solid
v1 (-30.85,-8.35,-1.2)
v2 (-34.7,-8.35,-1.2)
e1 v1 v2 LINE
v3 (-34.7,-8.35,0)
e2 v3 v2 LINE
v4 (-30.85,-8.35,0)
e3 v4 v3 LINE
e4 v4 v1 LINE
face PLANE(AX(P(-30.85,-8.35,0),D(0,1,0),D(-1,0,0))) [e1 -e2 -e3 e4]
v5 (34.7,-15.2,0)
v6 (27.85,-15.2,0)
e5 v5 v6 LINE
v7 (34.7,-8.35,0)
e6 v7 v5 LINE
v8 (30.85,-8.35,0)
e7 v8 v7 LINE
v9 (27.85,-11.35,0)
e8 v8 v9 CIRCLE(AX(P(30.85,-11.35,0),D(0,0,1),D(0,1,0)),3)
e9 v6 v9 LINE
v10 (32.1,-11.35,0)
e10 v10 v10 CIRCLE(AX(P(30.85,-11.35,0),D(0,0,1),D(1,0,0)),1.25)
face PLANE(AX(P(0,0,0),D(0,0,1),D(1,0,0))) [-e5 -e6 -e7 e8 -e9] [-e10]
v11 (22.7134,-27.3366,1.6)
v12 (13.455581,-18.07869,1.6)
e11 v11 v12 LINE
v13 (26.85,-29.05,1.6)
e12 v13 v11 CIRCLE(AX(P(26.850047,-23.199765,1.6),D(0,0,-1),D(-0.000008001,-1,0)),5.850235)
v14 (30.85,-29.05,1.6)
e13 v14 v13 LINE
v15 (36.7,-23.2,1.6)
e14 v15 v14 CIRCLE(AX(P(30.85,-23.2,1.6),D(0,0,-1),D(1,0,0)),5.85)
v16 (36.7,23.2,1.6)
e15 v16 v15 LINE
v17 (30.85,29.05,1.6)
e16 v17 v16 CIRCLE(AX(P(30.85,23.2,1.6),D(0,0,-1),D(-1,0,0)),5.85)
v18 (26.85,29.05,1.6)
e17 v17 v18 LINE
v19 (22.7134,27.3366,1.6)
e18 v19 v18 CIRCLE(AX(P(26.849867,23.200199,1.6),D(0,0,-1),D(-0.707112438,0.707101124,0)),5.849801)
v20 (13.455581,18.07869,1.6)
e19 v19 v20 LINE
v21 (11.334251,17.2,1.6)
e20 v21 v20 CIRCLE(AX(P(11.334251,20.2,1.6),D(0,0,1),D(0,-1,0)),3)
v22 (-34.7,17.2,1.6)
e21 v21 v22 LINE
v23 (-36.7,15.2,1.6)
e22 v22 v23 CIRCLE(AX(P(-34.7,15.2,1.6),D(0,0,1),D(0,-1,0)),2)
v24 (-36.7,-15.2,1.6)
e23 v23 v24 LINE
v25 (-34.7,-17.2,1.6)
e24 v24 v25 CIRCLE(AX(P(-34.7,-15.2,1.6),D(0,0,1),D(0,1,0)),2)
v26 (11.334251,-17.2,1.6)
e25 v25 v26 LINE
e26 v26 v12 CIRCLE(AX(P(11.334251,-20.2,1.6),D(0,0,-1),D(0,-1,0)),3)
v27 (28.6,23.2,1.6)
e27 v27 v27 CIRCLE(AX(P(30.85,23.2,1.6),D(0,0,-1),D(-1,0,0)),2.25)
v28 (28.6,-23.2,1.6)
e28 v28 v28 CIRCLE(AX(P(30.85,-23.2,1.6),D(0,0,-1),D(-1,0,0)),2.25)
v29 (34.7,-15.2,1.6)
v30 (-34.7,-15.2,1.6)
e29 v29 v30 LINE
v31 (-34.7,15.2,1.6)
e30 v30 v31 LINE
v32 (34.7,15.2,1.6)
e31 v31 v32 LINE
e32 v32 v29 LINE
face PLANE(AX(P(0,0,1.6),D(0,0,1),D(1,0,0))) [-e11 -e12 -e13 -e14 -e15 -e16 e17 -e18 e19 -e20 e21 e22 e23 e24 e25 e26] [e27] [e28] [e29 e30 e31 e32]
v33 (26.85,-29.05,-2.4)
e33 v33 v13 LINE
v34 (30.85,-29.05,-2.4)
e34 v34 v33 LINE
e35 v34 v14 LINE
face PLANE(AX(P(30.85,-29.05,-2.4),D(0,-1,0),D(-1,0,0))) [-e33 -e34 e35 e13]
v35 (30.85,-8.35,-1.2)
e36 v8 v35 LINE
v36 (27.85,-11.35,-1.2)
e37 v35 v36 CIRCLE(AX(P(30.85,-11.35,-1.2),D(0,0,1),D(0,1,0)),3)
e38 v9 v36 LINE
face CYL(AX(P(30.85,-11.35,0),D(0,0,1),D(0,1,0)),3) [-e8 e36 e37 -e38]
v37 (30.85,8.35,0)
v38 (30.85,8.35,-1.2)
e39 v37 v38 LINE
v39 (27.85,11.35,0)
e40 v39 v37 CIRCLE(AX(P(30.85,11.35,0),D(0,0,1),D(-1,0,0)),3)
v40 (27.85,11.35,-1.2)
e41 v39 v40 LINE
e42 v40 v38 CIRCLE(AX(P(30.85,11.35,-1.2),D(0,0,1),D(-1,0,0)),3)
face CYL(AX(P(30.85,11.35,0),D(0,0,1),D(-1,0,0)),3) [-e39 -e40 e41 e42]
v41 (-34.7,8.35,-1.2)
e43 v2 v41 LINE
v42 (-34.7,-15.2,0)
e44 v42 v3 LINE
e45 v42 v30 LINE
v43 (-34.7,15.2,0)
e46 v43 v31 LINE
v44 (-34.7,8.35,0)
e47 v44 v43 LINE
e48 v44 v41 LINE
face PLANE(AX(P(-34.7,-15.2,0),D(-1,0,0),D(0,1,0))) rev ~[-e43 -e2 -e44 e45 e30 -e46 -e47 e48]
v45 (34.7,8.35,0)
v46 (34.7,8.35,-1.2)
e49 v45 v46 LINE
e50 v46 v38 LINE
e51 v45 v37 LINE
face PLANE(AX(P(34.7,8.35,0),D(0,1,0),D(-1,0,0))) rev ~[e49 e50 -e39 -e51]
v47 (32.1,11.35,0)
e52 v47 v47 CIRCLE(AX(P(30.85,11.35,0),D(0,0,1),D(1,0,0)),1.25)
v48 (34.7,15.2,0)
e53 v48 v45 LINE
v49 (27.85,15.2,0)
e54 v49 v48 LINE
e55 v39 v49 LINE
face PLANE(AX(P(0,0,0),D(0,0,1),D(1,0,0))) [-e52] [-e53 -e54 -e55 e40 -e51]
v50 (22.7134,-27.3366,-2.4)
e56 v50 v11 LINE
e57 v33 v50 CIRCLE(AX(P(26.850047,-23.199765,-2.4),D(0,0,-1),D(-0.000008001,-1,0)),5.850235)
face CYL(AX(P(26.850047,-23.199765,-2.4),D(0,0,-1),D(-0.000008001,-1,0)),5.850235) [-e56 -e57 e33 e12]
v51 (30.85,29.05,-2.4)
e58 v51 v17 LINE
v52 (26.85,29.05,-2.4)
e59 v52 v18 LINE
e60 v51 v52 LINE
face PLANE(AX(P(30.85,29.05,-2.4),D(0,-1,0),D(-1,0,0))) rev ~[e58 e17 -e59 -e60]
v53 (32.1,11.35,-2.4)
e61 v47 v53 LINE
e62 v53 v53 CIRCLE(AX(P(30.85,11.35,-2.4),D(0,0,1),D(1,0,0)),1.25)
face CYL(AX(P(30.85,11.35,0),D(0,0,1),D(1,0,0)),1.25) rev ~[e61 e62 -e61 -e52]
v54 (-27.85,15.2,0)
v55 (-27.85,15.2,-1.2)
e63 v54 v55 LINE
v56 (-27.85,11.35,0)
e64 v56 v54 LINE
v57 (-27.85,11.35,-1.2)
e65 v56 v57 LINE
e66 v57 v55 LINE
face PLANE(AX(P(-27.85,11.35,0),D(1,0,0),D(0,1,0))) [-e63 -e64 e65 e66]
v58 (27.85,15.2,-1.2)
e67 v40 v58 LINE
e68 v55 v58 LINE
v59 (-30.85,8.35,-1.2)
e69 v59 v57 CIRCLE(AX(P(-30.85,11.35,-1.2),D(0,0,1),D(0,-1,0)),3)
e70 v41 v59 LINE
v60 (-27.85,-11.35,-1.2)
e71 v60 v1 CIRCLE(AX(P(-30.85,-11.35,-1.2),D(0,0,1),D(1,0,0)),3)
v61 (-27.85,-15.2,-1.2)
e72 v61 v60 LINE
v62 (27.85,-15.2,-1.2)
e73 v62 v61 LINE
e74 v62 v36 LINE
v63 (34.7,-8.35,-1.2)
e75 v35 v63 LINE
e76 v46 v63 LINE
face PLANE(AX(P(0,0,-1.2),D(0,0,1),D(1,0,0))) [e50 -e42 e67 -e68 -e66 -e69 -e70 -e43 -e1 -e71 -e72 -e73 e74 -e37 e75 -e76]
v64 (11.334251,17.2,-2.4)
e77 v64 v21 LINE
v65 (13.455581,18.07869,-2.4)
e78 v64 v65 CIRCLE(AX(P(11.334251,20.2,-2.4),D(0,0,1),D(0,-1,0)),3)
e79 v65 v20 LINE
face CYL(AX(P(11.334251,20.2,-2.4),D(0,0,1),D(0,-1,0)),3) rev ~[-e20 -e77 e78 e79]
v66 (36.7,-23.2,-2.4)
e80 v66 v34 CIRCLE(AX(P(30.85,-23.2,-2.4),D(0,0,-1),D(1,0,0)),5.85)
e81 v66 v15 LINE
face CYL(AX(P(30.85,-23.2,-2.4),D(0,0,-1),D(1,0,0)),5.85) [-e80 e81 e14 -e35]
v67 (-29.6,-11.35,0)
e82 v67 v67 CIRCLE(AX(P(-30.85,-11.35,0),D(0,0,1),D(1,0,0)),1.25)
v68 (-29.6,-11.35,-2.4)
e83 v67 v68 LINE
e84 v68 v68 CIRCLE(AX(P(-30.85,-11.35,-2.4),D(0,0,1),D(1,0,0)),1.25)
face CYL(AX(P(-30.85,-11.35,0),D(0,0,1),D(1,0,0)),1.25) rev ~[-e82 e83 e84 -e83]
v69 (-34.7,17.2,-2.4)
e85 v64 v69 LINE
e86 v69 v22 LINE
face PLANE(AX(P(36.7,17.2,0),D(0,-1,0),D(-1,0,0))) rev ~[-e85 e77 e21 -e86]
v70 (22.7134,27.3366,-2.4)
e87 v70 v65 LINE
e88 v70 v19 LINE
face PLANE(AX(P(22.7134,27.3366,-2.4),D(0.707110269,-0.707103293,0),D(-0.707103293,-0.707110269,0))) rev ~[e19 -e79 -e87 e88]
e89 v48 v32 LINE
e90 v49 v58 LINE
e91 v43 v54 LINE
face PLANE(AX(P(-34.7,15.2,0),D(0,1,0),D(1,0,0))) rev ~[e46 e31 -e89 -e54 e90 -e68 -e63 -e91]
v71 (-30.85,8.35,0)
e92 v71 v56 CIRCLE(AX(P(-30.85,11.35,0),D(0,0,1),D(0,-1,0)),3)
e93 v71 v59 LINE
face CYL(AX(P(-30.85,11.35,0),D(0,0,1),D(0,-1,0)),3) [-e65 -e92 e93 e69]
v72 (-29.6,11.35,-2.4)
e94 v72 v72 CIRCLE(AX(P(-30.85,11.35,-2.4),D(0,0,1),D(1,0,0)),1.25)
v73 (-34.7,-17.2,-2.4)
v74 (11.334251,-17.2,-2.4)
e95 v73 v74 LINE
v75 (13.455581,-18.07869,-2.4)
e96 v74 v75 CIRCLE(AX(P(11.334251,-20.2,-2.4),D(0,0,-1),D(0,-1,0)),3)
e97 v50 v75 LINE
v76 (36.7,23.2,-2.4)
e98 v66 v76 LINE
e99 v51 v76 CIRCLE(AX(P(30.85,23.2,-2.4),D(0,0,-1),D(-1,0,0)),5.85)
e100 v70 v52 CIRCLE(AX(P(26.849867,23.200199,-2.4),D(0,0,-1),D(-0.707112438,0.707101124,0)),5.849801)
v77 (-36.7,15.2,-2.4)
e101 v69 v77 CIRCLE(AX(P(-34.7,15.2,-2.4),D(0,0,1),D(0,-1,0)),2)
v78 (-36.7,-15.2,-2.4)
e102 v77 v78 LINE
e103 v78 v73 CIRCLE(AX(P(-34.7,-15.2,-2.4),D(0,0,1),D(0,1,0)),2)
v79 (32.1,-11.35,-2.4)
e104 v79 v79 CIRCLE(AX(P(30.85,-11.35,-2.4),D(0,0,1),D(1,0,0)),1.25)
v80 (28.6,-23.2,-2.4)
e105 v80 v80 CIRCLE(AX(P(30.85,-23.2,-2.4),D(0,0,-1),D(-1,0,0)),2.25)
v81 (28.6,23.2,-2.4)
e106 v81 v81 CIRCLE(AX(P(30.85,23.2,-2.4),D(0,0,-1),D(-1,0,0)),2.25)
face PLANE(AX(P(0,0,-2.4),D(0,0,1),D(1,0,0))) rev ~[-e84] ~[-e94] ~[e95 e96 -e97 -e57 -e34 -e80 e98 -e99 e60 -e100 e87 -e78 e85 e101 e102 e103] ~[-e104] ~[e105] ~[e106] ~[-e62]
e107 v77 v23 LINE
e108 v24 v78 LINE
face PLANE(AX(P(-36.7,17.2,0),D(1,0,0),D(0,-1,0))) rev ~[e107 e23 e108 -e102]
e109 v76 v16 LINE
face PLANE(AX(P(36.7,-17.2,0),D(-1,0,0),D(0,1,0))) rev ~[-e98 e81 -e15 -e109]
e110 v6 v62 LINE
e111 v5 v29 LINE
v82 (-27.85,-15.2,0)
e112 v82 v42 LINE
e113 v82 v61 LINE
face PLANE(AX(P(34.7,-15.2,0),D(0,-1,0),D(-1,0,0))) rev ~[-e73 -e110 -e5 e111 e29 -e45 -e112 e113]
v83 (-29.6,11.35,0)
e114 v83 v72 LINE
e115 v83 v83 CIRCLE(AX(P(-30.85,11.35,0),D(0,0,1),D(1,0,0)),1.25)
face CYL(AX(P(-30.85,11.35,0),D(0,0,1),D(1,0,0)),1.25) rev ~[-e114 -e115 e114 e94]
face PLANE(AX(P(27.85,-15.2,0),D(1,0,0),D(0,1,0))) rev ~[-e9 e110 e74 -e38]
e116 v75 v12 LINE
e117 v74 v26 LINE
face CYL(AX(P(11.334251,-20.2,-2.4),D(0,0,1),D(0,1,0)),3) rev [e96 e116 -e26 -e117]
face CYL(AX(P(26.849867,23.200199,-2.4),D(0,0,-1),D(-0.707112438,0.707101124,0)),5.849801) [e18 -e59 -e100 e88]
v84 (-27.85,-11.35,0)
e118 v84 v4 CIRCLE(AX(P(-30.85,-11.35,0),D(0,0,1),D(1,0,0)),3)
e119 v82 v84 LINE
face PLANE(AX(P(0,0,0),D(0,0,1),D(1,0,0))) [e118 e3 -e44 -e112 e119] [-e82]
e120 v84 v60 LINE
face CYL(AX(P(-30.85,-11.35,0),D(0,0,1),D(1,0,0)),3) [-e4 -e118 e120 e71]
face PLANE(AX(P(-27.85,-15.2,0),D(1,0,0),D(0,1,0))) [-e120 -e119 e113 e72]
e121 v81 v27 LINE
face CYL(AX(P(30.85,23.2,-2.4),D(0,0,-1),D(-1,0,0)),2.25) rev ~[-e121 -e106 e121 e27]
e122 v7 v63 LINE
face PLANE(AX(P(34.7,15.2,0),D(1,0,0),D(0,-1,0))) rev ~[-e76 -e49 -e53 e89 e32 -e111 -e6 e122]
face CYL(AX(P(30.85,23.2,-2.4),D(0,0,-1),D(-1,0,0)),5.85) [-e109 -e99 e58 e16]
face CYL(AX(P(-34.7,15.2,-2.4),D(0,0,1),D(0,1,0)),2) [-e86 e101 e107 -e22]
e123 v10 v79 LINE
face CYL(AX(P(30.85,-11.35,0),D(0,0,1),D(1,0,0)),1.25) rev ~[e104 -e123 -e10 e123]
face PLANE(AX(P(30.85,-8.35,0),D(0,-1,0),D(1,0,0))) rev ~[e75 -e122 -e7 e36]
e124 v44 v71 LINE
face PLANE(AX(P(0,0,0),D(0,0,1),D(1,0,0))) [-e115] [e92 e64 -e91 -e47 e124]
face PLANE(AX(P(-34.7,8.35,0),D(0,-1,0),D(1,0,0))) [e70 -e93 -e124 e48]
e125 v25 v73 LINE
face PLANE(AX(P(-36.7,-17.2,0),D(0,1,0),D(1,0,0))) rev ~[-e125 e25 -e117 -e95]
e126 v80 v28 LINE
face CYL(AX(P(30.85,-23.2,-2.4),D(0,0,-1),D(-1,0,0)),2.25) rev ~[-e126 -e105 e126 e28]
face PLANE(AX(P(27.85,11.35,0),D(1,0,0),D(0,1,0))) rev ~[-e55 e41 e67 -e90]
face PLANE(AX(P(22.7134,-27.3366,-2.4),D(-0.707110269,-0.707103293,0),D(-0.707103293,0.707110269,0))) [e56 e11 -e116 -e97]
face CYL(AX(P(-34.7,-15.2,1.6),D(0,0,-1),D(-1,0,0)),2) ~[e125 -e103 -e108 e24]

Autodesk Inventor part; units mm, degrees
ref_plane "YZ Plane" through (0, 0, 0) normal (1, 0, 0) x (0, 1, 0)
ref_plane "XZ Plane" through (0, 0, 0) normal (0, 1, 0) x (-1, 0, 0)
ref_plane "XY Plane" through (0, 0, 0) normal (0, 0, 1) x (1, 0, 0)
sketch "スケッチ1" plane through (0, 0, 0) normal (0, 0, 1) x (1, 0, 0)
  line L0 (-34.7, 15.2) -> (34.7, 15.2)
  line L1 (34.7, 15.2) -> (34.7, -15.2)
  line L2 (34.7, -15.2) -> (-34.7, -15.2)
  line L3 (-34.7, -15.2) -> (-34.7, 15.2)
  line L4 (-30.85, 11.35) -> (30.85, 11.35) construction
  line L5 (30.85, 11.35) -> (30.85, -11.35) construction
  line L6 (30.85, -11.35) -> (-30.85, -11.35) construction
  line L7 (-30.85, -11.35) -> (-30.85, 11.35) construction
  circle A0 centre (-30.85, 11.35) radius 1.25
  circle A1 centre (-30.85, -11.35) radius 1.25
  circle A2 centre (30.85, -11.35) radius 1.25
  circle A3 centre (30.85, 11.35) radius 1.25
  line L8 (36.7, 17.2) -> (-36.7, 17.2)
  line L9 (-36.7, 17.2) -> (-36.7, -17.2)
  line L10 (-36.7, -17.2) -> (36.7, -17.2)
  line L11 (36.7, -17.2) -> (36.7, 17.2)
  point P0 (0, 0)
  point P1 (0, 15.2)
  point P2 (-34.7, 0)
  point P3 (0, 11.35)
  point P4 (-30.85, 0)
  dimension "d0" = 30.4
  dimension "d1" = 69.4
  dimension "d2" = 61.7
  dimension "d3" = 22.7
  dimension "d4" = 2.5
  dimension "d5" = 2
extrude "押し出し1" add sketch "スケッチ1" along normal blind 1.6 contours L11 L10 L9 L8
extrude "押し出し2" add sketch "スケッチ1" against normal blind 2.4 contours L0 L1 L2 L3 | L11 L10 L9 L8
sketch "スケッチ2" plane through (0, 0, 0) normal (0, 0, 1) x (1, 0, 0)
  circle A0 centre (-30.85, -11.35) radius 1.25 construction
  circle A1 centre (-30.85, 11.35) radius 1.25 construction
  circle A2 centre (30.85, -11.35) radius 1.25 construction
  circle A3 centre (30.85, 11.35) radius 1.25 construction
  line L0 (-34.7, -15.2) -> (-34.7, 15.2) projected
  line L1 (34.7, -15.2) -> (-34.7, -15.2) projected
  line L2 (-34.7, 15.2) -> (34.7, 15.2) projected
  line L3 (34.7, 15.2) -> (34.7, -15.2) projected
  line L4 (-27.85, -15.2) -> (-27.85, -11.35)
  arc A4 (-27.85, -11.35) -> (-30.85, -8.35) centre (-30.85, -11.35) ccw
  line L5 (-30.85, -8.35) -> (-34.7, -8.35)
  line L6 (-34.7, 8.35) -> (-30.85, 8.35)
  arc A5 (-30.85, 8.35) -> (-27.85, 11.35) centre (-30.85, 11.35) ccw
  line L7 (-27.85, 11.35) -> (-27.85, 15.2)
  line L8 (27.85, -15.2) -> (27.85, -11.35)
  arc A6 (30.85, -8.35) -> (27.85, -11.35) centre (30.85, -11.35) ccw
  line L9 (30.85, -8.35) -> (34.7, -8.35)
  line L10 (34.7, 8.35) -> (30.85, 8.35)
  arc A7 (27.85, 11.35) -> (30.85, 8.35) centre (30.85, 11.35) ccw
  line L11 (27.85, 11.35) -> (27.85, 15.2)
  point P0 (0, 0)
  dimension "d10" = 3
extrude "押し出し3" cut sketch "スケッチ2" against normal blind 1.2 contours L0 L6 A5 L7 L2 L11 A7 L10 L3 L9 A6 L8 L1 L4 A4 L5
sketch "スケッチ3" plane through (0, 0, -2.4) normal (0, 0, -1) x (-1, 0, 0)
  circle A0 centre (-30.85, 11.35) radius 1.25 construction
  circle A1 centre (-30.85, -11.35) radius 1.25 construction
  line L0 (-30.85, 23.2) -> (-30.85, -23.2) construction
  line L1 (-25, 23.2) -> (-25, -23.2)
  line L2 (-36.7, -23.2) -> (-36.7, 23.2)
  arc A2 (-25, 23.2) -> (-36.7, 23.2) centre (-30.85, 23.2) ccw
  arc A3 (-36.7, -23.2) -> (-25, -23.2) centre (-30.85, -23.2) ccw
  line L3 (36.7, 17.2) -> (-36.7, 17.2) projected
  line L4 (-36.7, -17.2) -> (36.7, -17.2) projected
  circle A4 centre (-30.85, 23.2) radius 2.25
  circle A5 centre (-30.85, -23.2) radius 2.25
  line L5 (-30.85, 29.05) -> (-26.85, 29.05)
  arc A6 (-22.7134, 27.3366) -> (-26.85, 29.05) centre (-26.85, 23.2) ccw
  line L6 (-22.7134, 27.3366) -> (-12.5769, 17.2)
  line L7 (-36.7, 17.2) -> (36.7, 17.2) projected
  line L8 (-30.85, -29.05) -> (-26.85, -29.05)
  arc A7 (-26.85, -29.05) -> (-22.7134, -27.3366) centre (-26.85, -23.2) ccw
  line L9 (-22.7134, -27.3366) -> (-12.5769, -17.2)
  point P0 (0, 0)
  point P1 (-30.85, 0)
  dimension "d14" = 6
  dimension "d15" = 6
  dimension "d16" = 46.4
  dimension "d17" = 4.5
  dimension "d18" = 45
  dimension "d19" = 4
extrude "押し出し4" add sketch "スケッチ3" against normal up to surface (4 mm away) contours A2 L5 A6 L6 L3 L1 | L1 L3 L2 A2 | L4 L9 A7 L8 A3 L1 | L1 A3 L2 L4
fillet "フィレット2" radius 3 2 edges at (12.5769, -17.2, -0.4) (12.5769, 17.2, -0.4)
fillet "フィレット1" radius 2 2 edges at (-36.7, 17.2, -0.4) (-36.7, -17.2, -0.4)
equation "\"d15\" = d14"
properties part number "power_sync_module_case"
